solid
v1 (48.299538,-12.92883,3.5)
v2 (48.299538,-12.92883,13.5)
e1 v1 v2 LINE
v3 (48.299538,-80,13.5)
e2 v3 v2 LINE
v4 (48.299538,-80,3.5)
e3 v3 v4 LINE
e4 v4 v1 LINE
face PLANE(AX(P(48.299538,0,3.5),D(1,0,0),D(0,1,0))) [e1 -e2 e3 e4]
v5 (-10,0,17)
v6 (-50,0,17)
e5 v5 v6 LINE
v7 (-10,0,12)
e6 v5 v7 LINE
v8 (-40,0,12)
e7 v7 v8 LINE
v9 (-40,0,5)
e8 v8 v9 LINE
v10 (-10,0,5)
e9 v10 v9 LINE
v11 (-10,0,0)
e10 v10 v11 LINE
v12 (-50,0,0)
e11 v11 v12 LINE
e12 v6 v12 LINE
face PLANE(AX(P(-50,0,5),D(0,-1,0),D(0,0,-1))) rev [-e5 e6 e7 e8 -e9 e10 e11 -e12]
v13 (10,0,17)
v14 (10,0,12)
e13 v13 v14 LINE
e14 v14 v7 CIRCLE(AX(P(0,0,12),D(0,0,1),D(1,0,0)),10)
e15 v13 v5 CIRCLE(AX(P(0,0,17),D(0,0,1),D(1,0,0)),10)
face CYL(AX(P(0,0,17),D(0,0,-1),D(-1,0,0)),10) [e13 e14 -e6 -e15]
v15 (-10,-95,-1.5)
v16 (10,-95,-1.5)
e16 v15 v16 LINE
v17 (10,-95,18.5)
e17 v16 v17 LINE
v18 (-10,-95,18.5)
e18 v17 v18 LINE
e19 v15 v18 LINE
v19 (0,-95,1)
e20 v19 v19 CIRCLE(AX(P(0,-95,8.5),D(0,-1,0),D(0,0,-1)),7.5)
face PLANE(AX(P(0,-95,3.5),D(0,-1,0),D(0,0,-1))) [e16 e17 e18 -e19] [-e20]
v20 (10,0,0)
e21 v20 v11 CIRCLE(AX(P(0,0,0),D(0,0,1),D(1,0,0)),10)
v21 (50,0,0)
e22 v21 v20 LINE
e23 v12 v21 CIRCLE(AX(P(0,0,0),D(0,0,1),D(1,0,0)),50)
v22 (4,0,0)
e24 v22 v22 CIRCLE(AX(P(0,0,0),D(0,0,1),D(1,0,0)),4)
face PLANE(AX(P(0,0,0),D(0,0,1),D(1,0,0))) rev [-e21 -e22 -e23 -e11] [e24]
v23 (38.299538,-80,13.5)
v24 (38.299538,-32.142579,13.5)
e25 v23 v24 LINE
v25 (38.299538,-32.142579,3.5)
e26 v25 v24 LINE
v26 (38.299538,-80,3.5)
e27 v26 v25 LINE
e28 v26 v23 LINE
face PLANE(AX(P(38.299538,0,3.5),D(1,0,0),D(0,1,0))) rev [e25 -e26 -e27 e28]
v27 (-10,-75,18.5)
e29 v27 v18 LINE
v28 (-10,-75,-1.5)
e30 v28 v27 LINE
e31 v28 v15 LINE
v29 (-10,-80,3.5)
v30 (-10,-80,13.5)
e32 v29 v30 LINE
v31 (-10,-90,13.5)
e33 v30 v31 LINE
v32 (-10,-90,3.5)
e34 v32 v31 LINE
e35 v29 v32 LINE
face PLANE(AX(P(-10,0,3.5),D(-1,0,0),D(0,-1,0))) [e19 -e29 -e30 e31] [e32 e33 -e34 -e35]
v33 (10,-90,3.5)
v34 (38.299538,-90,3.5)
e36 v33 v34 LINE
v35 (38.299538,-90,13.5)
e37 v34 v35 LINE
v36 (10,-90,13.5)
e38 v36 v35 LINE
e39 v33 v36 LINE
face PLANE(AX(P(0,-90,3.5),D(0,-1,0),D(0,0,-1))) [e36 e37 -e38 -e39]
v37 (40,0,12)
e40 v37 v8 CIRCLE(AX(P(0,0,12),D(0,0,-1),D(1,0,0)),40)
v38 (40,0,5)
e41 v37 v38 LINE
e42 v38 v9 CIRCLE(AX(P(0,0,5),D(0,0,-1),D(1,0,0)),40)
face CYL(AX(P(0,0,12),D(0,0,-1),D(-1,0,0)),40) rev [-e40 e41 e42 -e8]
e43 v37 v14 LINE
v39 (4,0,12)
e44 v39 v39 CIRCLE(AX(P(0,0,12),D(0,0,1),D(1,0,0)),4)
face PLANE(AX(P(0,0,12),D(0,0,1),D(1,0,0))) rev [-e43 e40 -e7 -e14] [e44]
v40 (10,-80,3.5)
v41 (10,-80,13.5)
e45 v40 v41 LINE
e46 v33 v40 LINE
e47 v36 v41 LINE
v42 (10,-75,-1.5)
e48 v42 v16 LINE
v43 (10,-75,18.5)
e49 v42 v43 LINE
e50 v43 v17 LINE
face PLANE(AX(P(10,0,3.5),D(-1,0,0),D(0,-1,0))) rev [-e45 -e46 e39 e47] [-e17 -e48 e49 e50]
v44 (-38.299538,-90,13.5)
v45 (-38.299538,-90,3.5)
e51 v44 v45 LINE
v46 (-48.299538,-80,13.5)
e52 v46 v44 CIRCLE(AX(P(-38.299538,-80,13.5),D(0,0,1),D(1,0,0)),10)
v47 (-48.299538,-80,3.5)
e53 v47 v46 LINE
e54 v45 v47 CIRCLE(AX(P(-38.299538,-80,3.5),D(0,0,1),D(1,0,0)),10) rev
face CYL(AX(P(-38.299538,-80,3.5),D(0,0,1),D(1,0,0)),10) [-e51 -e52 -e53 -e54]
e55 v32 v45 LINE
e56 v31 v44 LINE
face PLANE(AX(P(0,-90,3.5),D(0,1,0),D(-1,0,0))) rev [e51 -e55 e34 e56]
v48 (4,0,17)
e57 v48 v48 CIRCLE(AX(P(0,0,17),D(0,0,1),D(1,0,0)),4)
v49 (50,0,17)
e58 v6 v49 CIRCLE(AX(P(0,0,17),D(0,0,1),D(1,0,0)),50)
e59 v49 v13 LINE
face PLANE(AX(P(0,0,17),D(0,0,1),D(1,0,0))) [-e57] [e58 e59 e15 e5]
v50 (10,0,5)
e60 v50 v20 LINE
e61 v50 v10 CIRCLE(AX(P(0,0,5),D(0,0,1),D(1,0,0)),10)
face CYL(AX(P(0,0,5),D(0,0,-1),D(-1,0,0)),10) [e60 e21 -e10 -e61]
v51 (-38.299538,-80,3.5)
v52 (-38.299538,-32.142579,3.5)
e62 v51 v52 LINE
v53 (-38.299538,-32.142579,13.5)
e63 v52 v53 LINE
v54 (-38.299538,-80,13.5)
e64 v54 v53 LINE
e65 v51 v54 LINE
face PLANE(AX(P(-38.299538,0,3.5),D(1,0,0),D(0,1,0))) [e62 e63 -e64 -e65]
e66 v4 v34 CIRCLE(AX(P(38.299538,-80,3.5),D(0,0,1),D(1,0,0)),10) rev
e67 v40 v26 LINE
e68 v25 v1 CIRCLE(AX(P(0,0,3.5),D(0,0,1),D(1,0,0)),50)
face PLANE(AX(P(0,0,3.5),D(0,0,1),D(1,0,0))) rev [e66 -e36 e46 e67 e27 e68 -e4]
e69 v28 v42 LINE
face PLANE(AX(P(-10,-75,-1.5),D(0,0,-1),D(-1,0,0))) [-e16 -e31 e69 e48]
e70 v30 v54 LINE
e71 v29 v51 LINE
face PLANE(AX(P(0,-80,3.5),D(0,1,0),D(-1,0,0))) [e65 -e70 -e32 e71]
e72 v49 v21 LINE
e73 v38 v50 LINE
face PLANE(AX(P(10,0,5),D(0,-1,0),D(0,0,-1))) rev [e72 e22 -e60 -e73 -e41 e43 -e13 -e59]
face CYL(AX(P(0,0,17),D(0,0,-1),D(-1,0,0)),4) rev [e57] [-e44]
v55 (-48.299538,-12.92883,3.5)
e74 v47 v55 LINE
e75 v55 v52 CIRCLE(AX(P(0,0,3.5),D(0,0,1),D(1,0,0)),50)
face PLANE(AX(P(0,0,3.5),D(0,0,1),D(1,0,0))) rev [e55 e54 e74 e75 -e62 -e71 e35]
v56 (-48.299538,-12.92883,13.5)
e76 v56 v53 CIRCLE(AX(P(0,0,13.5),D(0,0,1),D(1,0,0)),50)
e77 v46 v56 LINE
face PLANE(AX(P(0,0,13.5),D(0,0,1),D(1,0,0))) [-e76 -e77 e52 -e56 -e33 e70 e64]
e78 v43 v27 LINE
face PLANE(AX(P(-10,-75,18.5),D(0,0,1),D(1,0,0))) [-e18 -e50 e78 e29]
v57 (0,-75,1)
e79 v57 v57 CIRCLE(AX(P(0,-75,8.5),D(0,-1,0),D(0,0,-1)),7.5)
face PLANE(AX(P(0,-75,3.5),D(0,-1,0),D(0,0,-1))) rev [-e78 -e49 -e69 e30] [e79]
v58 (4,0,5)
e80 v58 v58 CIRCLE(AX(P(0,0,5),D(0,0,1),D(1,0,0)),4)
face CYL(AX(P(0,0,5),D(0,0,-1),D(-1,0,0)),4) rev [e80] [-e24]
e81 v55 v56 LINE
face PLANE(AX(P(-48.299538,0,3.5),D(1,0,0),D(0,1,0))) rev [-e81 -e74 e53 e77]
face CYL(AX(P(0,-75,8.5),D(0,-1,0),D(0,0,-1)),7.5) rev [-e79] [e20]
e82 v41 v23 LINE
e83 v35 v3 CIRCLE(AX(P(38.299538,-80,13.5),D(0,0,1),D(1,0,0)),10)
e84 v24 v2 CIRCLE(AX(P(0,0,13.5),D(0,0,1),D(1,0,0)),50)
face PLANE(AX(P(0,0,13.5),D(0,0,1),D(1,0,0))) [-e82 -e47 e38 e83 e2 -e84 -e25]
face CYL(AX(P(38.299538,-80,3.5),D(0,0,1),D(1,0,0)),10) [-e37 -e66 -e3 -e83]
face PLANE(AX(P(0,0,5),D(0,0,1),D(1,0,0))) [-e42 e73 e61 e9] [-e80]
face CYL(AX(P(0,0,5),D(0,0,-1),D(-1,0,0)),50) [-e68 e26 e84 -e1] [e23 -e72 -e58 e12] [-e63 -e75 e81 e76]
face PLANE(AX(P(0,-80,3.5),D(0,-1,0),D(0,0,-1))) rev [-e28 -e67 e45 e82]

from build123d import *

# Parameters (mm, degrees)
SKETCH1_R           = 4
BOSS_EXTRUDE1_DEPTH = 5
BOSS_EXTRUDE2_DEPTH = 7
SKETCH3_R           = 4
BOSS_EXTRUDE3_DEPTH = 5
BOSS_EXTRUDE4_START = -13.5
BOSS_EXTRUDE4_DEPTH = 10
FILLET1_R           = 10
SKETCH7_W           = 20
SKETCH7_H           = 20
BOSS_EXTRUDE6_DEPTH = 20
SKETCH8_R           = 7.5
CUT_EXTRUDE2_DEPTH  = 20


with BuildPart() as part:
    # Sketch1 → Boss-Extrude1 (new body)
    with BuildSketch(Plane.XY):
        with BuildLine():
            Line((-50, 0), (-10, 0))
            ThreePointArc((-10, 0), (0, 10), (10, 0))
            Line((10, 0), (50, 0))
            ThreePointArc((50, 0), (0, -50), (-50, 0))
        make_face()
        Circle(SKETCH1_R, mode=Mode.SUBTRACT)
    extrude(amount=BOSS_EXTRUDE1_DEPTH)

    # Sketch2 → Boss-Extrude2 (add)
    with BuildSketch(Plane.XY.offset(5)):
        with BuildLine():
            Line((-50, 0), (-40, 0))
            ThreePointArc((-40, 0), (0, -40), (40, 0))
            Line((40, 0), (50, 0))
            ThreePointArc((50, 0), (0, -50), (-50, 0))
        make_face()
    extrude(amount=BOSS_EXTRUDE2_DEPTH)

    # Sketch3 → Boss-Extrude3 (add)
    with BuildSketch(Plane.XY.offset(12)):
        with BuildLine():
            Line((-50, 0), (-10, 0))
            ThreePointArc((-10, 0), (0, 10), (10, 0))
            Line((10, 0), (50, 0))
            ThreePointArc((50, 0), (0, -50), (-50, 0))
        make_face()
        Circle(SKETCH3_R, mode=Mode.SUBTRACT)
    extrude(amount=BOSS_EXTRUDE3_DEPTH)

    # Sketch4 → Boss-Extrude4 (add)
    with BuildSketch(Plane.XY.offset(17).offset(BOSS_EXTRUDE4_START)):
        with BuildLine():
            Line((-10, -95), (10, -95))
            Line((10, -95), (10, -90))
            Line((10, -90), (48.299537742, -90))
            Line((48.299537742, -90), (48.299537742, -12.928830338))
            ThreePointArc((48.299537742, -12.928830338), (44.35247464, -23.08371706), (38.299537742, -32.142579373))
            Line((38.299537742, -32.142579373), (38.299537742, -80))
            Line((38.299537742, -80), (10, -80))
            Line((10, -80), (10, -75))
            Line((10, -75), (-10, -75))
            Line((-10, -75), (-10, -80))
            Line((-10, -80), (-38.299537742, -80))
            Line((-38.299537742, -80), (-38.299537742, -32.142579373))
            ThreePointArc((-38.299537742, -32.142579373), (-44.35247464, -23.08371706), (-48.299537742, -12.928830338))
            Line((-48.299537742, -12.928830338), (-48.299537742, -90))
            Line((-48.299537742, -90), (-10, -90))
            Line((-10, -90), (-10, -95))
        make_face()
    extrude(amount=BOSS_EXTRUDE4_DEPTH)

    # Fillet1
    fillet1_edges = [part.edges().sort_by_distance(p)[0] for p in [
        (48.299537742, -90, 8.5),
        (-48.299537742, -90, 8.5),
    ]]
    fillet(fillet1_edges, radius=FILLET1_R)

    # Sketch7 → Boss-Extrude6 (add)
    with BuildSketch(Plane.XZ.offset(95)):
        with Locations((0, 8.5)):
            Rectangle(SKETCH7_W, SKETCH7_H)
    extrude(amount=-BOSS_EXTRUDE6_DEPTH)

    # Sketch8 → Cut-Extrude2 (cut)
    with BuildSketch(Plane.XZ.offset(95)):
        with Locations(Location((0, 8.5, 0), (0, 0, 270))):
            Circle(SKETCH8_R)
    extrude(amount=-CUT_EXTRUDE2_DEPTH, mode=Mode.SUBTRACT)


solid = part.part
